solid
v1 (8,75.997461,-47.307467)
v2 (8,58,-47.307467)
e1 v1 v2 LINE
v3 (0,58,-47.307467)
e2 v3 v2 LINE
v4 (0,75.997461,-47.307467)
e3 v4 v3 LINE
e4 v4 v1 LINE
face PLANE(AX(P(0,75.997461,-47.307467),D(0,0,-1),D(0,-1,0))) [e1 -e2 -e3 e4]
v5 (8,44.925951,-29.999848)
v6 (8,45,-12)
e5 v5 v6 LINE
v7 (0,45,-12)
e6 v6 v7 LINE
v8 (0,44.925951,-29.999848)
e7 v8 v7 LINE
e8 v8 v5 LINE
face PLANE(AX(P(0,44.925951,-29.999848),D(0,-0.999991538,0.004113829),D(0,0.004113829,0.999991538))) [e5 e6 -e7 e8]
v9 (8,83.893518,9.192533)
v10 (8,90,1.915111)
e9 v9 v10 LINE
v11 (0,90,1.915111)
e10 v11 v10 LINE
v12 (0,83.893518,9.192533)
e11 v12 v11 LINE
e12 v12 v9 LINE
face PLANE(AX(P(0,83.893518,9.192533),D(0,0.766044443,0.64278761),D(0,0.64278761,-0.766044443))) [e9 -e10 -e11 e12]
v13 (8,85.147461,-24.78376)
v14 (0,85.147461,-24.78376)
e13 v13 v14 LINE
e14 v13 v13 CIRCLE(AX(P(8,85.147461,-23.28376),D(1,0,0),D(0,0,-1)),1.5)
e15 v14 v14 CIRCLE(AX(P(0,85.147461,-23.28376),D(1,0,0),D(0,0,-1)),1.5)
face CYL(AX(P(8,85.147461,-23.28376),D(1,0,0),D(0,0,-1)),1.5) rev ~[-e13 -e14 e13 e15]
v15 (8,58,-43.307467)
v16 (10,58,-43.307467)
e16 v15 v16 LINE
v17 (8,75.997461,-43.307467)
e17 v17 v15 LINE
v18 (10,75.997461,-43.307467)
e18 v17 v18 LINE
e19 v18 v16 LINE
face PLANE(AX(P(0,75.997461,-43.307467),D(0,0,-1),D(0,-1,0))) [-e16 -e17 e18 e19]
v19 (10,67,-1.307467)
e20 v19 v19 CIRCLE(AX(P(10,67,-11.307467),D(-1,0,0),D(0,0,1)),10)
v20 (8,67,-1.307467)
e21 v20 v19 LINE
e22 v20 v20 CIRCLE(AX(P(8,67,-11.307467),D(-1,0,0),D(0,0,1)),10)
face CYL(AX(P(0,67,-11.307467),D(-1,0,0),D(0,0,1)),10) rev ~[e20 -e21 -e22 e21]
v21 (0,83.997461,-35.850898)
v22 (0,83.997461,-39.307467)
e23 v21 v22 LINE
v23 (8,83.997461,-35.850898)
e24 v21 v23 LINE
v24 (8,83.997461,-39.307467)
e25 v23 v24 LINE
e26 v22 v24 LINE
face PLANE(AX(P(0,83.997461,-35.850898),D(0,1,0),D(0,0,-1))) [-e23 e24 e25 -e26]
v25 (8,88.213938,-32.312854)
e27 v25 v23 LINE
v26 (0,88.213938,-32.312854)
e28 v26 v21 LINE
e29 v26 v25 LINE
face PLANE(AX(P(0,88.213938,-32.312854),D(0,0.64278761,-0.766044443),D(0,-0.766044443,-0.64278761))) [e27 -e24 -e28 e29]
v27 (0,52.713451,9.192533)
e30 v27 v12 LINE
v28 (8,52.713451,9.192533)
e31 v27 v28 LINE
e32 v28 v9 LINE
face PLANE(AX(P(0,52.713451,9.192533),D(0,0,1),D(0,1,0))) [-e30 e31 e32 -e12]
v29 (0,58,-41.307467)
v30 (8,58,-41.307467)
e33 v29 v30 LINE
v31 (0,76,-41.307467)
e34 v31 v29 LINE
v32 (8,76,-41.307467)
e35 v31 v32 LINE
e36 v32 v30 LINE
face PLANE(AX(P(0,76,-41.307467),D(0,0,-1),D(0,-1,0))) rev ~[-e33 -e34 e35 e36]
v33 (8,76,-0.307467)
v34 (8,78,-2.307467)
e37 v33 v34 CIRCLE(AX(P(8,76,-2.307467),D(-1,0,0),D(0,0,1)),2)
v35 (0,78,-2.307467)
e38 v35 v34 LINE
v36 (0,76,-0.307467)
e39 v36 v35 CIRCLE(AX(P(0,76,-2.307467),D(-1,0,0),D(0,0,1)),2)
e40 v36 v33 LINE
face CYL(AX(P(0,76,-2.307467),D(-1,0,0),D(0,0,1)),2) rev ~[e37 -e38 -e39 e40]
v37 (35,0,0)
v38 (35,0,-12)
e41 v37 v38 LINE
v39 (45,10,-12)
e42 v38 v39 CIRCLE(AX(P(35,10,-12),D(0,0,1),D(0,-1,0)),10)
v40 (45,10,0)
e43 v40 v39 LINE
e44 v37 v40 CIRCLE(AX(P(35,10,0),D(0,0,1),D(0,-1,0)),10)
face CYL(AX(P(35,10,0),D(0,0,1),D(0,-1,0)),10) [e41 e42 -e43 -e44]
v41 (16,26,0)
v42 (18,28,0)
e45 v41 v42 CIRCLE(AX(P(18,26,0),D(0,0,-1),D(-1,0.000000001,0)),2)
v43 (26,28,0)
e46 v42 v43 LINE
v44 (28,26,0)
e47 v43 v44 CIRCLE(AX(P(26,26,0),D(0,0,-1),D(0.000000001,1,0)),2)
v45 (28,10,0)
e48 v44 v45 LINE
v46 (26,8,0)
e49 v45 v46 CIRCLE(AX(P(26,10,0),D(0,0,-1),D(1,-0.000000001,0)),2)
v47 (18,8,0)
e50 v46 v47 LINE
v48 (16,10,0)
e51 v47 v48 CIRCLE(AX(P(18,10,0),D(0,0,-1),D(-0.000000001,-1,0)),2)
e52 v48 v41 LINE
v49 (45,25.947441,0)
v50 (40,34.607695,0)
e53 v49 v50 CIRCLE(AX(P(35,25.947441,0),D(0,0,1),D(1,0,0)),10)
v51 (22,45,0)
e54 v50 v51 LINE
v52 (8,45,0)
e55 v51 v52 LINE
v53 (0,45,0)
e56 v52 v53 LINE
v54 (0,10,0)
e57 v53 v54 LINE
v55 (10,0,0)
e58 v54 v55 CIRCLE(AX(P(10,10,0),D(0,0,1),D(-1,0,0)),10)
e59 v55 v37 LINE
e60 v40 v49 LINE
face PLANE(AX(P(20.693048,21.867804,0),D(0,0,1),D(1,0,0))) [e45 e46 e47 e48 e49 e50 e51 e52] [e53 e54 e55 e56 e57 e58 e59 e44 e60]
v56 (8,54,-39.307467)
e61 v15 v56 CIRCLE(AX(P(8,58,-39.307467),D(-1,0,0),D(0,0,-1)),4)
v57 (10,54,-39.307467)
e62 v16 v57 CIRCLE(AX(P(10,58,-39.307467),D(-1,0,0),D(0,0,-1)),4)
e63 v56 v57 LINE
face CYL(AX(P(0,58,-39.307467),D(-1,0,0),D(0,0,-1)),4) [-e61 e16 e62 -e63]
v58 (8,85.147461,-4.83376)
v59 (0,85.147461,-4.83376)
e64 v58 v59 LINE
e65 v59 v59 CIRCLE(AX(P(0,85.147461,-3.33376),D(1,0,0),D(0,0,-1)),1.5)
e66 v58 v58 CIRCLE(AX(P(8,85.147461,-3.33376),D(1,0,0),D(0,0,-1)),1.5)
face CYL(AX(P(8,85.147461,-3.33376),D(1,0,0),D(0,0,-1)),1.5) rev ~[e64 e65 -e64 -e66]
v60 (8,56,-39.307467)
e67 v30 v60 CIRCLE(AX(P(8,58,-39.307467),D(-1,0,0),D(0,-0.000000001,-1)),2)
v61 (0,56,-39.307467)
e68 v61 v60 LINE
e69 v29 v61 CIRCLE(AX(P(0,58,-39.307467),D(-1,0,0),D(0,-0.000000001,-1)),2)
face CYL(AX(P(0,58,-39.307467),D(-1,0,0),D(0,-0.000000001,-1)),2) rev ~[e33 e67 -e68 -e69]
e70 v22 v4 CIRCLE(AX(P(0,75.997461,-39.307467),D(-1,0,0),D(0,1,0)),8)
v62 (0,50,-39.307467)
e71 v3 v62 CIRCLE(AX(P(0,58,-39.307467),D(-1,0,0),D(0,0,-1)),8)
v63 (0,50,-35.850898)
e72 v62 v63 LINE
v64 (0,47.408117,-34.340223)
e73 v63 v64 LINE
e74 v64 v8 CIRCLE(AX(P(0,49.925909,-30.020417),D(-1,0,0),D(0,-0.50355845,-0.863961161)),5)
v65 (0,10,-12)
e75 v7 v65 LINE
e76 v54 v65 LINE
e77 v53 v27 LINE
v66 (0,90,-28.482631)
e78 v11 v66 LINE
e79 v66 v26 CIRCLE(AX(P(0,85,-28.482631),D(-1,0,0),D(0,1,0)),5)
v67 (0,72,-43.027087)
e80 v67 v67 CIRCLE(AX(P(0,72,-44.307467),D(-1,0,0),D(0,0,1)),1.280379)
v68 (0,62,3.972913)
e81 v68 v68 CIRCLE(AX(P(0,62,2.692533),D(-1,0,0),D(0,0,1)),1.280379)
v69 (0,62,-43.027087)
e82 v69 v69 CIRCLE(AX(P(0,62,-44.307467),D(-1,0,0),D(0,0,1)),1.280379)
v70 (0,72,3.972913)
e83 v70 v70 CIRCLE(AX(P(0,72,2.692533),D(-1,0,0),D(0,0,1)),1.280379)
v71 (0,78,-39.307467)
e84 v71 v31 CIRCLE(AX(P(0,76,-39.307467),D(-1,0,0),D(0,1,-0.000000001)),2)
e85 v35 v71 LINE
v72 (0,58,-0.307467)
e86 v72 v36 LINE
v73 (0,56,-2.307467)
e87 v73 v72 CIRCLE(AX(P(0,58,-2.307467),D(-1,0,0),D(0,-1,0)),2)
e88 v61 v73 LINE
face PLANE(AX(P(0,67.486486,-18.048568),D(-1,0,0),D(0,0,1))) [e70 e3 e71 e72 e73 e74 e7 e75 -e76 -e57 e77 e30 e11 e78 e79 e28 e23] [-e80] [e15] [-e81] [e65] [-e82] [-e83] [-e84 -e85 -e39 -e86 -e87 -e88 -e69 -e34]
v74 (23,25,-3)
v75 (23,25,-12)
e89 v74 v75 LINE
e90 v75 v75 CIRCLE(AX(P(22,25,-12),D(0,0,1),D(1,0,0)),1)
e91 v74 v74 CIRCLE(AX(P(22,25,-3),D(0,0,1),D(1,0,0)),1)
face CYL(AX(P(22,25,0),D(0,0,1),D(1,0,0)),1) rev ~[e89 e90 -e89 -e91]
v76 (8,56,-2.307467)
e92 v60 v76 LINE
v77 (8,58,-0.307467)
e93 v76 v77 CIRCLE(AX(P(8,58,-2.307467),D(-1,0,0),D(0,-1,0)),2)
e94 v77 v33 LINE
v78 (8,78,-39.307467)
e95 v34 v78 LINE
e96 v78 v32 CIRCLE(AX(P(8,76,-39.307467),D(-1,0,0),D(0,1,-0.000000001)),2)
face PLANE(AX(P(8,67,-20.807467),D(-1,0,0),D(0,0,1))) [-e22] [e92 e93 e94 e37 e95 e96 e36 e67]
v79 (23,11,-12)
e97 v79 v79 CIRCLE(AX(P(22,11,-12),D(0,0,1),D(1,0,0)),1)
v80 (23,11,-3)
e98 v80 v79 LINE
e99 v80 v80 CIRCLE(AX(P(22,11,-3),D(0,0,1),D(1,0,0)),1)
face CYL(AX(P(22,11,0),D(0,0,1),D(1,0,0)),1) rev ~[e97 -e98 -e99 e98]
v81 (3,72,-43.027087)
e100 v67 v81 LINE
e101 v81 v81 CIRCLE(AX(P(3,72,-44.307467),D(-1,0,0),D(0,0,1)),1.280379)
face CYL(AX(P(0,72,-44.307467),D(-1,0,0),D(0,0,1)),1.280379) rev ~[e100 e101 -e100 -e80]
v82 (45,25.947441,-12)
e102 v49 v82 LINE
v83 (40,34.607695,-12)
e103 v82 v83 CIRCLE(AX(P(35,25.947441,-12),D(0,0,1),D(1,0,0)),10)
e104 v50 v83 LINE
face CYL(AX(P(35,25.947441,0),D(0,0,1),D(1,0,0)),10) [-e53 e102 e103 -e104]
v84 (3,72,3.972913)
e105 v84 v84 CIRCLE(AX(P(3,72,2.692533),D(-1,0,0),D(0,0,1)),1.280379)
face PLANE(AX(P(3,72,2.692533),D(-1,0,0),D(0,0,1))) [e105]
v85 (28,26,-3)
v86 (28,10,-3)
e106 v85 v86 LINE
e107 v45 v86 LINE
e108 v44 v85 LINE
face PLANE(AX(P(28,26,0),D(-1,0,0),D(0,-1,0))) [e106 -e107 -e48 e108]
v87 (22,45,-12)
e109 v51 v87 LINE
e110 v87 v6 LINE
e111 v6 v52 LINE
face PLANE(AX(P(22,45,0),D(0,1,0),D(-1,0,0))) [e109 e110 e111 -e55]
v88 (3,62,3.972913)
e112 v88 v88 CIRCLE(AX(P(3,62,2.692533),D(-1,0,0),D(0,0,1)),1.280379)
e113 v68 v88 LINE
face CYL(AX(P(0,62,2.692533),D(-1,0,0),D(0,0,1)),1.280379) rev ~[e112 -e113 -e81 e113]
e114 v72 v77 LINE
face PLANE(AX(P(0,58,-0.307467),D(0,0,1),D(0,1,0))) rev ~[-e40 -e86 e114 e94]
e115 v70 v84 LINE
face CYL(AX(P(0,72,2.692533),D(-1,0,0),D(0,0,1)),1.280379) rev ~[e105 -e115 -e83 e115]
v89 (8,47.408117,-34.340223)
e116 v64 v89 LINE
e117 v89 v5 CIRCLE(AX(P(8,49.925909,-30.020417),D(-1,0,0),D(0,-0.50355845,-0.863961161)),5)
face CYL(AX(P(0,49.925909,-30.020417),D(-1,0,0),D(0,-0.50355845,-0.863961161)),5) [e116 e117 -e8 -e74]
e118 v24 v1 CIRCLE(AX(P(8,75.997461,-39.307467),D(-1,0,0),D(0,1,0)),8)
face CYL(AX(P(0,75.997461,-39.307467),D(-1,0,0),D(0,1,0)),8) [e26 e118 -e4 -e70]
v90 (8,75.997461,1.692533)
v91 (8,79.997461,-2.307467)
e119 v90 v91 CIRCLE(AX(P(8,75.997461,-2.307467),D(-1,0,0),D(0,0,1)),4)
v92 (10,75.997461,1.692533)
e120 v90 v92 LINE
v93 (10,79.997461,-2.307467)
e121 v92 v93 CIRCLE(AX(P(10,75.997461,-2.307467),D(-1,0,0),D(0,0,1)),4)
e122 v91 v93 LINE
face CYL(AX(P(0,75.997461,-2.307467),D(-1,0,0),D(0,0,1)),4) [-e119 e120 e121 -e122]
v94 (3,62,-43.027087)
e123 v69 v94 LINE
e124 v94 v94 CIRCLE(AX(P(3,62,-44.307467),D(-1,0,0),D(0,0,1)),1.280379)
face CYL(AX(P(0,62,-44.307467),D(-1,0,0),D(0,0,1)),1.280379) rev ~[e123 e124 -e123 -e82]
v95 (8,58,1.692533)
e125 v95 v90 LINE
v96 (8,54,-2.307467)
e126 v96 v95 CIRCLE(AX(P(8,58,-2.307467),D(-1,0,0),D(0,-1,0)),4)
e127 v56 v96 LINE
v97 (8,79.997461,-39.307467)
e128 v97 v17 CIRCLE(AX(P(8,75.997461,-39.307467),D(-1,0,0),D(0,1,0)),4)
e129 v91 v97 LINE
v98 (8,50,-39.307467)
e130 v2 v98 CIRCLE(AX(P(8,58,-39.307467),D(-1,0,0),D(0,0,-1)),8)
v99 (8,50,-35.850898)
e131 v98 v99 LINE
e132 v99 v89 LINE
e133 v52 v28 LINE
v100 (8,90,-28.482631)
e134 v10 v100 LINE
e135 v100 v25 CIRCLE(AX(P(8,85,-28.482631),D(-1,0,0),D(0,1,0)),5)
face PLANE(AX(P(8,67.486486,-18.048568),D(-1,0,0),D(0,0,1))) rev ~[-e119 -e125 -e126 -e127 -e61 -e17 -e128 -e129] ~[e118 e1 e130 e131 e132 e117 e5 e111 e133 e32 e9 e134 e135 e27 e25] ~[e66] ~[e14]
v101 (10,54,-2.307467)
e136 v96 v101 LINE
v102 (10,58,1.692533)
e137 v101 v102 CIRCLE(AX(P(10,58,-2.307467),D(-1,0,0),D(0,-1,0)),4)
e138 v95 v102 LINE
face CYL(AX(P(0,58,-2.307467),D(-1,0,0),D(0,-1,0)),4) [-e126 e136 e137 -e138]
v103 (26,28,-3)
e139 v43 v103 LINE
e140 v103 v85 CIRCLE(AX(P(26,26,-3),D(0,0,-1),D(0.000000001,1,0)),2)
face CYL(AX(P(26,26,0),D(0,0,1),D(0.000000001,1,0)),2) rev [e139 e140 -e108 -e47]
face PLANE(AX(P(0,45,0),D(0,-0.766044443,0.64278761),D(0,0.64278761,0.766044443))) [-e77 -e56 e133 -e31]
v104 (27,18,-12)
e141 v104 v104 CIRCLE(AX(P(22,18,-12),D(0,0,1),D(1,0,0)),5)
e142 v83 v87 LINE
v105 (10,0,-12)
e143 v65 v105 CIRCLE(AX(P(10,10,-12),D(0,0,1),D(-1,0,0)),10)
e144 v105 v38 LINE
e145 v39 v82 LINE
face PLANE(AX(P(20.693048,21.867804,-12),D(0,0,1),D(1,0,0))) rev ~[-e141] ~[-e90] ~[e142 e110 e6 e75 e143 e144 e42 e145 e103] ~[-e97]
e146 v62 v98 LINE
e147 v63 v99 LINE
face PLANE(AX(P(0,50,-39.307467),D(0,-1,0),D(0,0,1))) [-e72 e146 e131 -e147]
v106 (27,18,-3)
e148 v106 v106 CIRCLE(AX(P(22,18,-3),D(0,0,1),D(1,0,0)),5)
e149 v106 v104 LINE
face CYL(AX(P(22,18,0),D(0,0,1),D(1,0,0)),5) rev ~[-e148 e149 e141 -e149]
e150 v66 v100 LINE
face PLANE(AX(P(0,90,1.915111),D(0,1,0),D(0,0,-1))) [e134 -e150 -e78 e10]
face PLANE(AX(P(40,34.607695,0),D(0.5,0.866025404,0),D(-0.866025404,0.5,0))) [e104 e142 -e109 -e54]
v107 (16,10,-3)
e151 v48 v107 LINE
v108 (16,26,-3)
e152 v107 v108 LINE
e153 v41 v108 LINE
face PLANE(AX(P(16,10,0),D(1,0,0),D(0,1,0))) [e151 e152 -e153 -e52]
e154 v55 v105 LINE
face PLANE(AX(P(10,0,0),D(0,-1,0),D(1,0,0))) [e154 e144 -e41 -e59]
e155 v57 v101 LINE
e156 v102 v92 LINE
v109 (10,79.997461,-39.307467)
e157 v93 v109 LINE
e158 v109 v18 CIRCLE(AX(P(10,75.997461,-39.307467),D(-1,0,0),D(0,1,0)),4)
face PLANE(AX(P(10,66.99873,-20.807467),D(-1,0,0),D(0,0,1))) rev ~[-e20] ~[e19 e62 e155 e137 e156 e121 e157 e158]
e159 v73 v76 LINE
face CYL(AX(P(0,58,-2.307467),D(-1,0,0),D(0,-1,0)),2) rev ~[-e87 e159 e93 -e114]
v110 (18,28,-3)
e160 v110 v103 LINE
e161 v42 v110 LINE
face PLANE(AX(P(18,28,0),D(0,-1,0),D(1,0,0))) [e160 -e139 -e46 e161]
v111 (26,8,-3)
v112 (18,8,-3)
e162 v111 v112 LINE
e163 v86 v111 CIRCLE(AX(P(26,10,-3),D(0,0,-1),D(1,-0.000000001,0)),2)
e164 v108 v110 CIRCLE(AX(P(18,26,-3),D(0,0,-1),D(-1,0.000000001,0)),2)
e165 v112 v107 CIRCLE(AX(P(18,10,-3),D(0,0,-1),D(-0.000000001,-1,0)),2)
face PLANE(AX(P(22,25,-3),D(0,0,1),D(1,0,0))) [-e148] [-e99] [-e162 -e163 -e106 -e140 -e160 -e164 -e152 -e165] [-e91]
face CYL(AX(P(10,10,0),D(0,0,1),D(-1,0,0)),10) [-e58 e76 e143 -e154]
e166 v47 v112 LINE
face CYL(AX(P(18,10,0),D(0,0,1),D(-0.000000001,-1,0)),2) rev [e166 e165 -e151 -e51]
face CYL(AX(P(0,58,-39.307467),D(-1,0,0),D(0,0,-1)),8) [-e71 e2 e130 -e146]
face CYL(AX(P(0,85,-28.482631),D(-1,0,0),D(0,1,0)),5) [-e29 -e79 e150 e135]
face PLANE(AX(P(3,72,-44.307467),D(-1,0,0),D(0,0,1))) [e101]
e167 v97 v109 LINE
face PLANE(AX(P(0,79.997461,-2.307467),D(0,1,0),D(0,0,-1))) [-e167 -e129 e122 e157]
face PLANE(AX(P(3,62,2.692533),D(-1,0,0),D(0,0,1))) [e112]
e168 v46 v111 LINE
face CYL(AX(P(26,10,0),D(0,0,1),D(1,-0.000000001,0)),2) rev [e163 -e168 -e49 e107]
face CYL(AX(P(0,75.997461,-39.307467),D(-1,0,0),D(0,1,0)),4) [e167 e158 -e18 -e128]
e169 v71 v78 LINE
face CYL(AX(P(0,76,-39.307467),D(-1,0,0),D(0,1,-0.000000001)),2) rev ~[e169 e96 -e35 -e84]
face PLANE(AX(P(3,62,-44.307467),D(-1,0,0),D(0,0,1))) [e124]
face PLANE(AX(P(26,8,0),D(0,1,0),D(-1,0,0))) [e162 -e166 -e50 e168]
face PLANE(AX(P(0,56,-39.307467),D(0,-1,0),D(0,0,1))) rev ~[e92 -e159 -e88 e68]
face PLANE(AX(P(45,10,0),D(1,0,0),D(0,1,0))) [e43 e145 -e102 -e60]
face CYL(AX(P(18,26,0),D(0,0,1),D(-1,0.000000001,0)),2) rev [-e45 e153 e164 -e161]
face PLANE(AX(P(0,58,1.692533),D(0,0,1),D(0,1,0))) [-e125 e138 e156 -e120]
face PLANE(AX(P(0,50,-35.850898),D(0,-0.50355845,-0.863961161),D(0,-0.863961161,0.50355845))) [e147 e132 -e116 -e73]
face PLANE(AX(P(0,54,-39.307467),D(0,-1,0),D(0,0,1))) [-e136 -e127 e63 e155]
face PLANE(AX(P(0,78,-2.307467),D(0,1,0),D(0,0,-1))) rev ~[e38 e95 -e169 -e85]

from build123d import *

# Parameters (mm, degrees)
BOSS_EXTRUDE1_DEPTH     = 12
SKETCH1_3_R             = 1
SKETCH1_3_R_2           = 5
CUT_EXTRUDE1_DEPTH      = 3
SKETCH1_4_R             = 1
SKETCH1_4_R_2           = 5
CUT_EXTRUDE2_DEPTH      = 13
BOSS_EXTRUDE2_DEPTH     = 8
BOSS_EXTRUDE3_DEPTH     = 10
CUT_EXTRUDE5_DEPTH      = 8
SKETCH3_7_R             = 10
CUT_EXTRUDE6_DEPTH      = 46
SKETCH7_R               = 1.280379455
CUT_EXTRUDE7_DEPTH      = 3
SKETCH9_R               = 1.5
CUT_EXTRUDE8_DEPTH      = 38
CUT_EXTRUDE8_DEPTH_BACK = 9


with BuildPart() as part:
    # Sketch1 → Boss-Extrude1 (new body)
    with BuildSketch(Plane.XY):
        with BuildLine():
            Line((0, 45), (0, 10))
            ThreePointArc((0, 10), (2.928932188, 2.928932188), (10, 0))
            Line((10, 0), (35, 0))
            ThreePointArc((35, 0), (42.071067812, 2.928932188), (45, 10))
            Line((45, 10), (45, 25.947441117))
            ThreePointArc((45, 25.947441117), (43.660254038, 30.947441117), (40, 34.607695155))
            Line((40, 34.607695155), (22, 45))
            Line((22, 45), (0, 45))
        make_face()
    extrude(amount=-BOSS_EXTRUDE1_DEPTH)

    # Sketch1<3> → Cut-Extrude1 (cut)
    with BuildSketch(Plane.XY):
        with Locations((22, 25)):
            Circle(SKETCH1_3_R)
        with BuildLine():
            ThreePointArc((16, 26), (16.585786438, 27.414213562), (18, 28))
            Line((18, 28), (26, 28))
            ThreePointArc((26, 28), (27.414213562, 27.414213562), (28, 26))
            Line((28, 26), (28, 10))
            ThreePointArc((28, 10), (27.414213562, 8.585786438), (26, 8))
            Line((26, 8), (18, 8))
            ThreePointArc((18, 8), (16.585786438, 8.585786438), (16, 10))
            Line((16, 10), (16, 26))
        make_face()
        with Locations((22, 25)):
            Circle(SKETCH1_3_R, mode=Mode.SUBTRACT)
        with Locations((22, 11)):
            Circle(SKETCH1_3_R, mode=Mode.SUBTRACT)
        with Locations((22, 11)):
            Circle(SKETCH1_3_R)
        with Locations((22, 18)):
            Circle(SKETCH1_3_R_2)
    extrude(amount=-CUT_EXTRUDE1_DEPTH, mode=Mode.SUBTRACT)

    # Sketch1<4> → Cut-Extrude2 (cut, through all)
    with BuildSketch(Plane.XY):
        with Locations((22, 25)):
            Circle(SKETCH1_4_R)
        with Locations((22, 11)):
            Circle(SKETCH1_4_R)
        with Locations((22, 18)):
            Circle(SKETCH1_4_R_2)
    extrude(amount=-CUT_EXTRUDE2_DEPTH, mode=Mode.SUBTRACT)

    # Sketch3 → Boss-Extrude2 (add)
    with BuildSketch(Plane.ZY):
        with BuildLine():
            Line((0, 45), (9.192533317, 52.713451316))
            Line((9.192533317, 52.713451316), (9.192533317, 83.893517708))
            Line((9.192533317, 83.893517708), (1.915111108, 90))
            Line((1.915111108, 90), (-28.48263132, 90))
            ThreePointArc((-28.48263132, 90), (-30.595722628, 89.531538935), (-32.312853535, 88.213938048))
            Line((-32.312853535, 88.213938048), (-35.850897987, 83.997460862))
            Line((-35.850897987, 83.997460862), (-39.307466683, 83.997460862))
            ThreePointArc((-39.307466683, 83.997460862), (-44.964320932, 81.654315111), (-47.307466683, 75.997460862))
            Line((-47.307466683, 75.997460862), (-47.307466683, 58))
            ThreePointArc((-47.307466683, 58), (-44.964320932, 52.343145751), (-39.307466683, 50))
            Line((-39.307466683, 50), (-35.850897987, 50))
            Line((-35.850897987, 50), (-34.340222638, 47.408116517))
            ThreePointArc((-34.340222638, 47.408116517), (-32.502582275, 45.585533814), (-29.999847687, 44.925951074))
            Line((-29.999847687, 44.925951074), (-12, 45))
            Line((-12, 45), (0, 45))
        make_face()
        with BuildLine():
            ThreePointArc((-0.307466683, 58), (-0.89325312, 56.585786438), (-2.307466683, 56))
            Line((-2.307466683, 56), (-39.307466683, 56))
            ThreePointArc((-39.307466683, 56), (-40.721680245, 56.585786438), (-41.307466683, 58))
            Line((-41.307466683, 58), (-41.307466683, 76))
            ThreePointArc((-41.307466683, 76), (-40.721680245, 77.414213562), (-39.307466683, 78))
            Line((-39.307466683, 78), (-2.307466683, 78))
            ThreePointArc((-2.307466683, 78), (-0.89325312, 77.414213562), (-0.307466683, 76))
            Line((-0.307466683, 76), (-0.307466683, 58))
        make_face(mode=Mode.SUBTRACT)
    extrude(amount=-BOSS_EXTRUDE2_DEPTH)

    # Sketch3<4> → Boss-Extrude3 (add)
    with BuildSketch(Plane.ZY):
        with BuildLine():
            Line((-43.307466683, 75.997460862), (-43.307466683, 58))
            ThreePointArc((-43.307466683, 58), (-42.135893807, 55.171572875), (-39.307466683, 54))
            Line((-39.307466683, 54), (-2.307466683, 54))
            ThreePointArc((-2.307466683, 54), (0.520960442, 55.171572875), (1.692533317, 58))
            Line((1.692533317, 58), (1.692533317, 75.997460862))
            ThreePointArc((1.692533317, 75.997460862), (0.520960442, 78.825887987), (-2.307466683, 79.997460862))
            Line((-2.307466683, 79.997460862), (-39.307466683, 79.997460862))
            ThreePointArc((-39.307466683, 79.997460862), (-42.135893807, 78.825887987), (-43.307466683, 75.997460862))
        make_face()
    extrude(amount=-BOSS_EXTRUDE3_DEPTH)

    # Sketch3<6> → Cut-Extrude5 (cut)
    with BuildSketch(Plane.ZY):
        with BuildLine():
            Line((-41.307466683, 76), (-41.307466683, 58))
            ThreePointArc((-41.307466683, 58), (-40.721680245, 56.585786438), (-39.307466683, 56))
            Line((-39.307466683, 56), (-2.307466683, 56))
            ThreePointArc((-2.307466683, 56), (-0.89325312, 56.585786438), (-0.307466683, 58))
            Line((-0.307466683, 58), (-0.307466683, 76))
            ThreePointArc((-0.307466683, 76), (-0.89325312, 77.414213562), (-2.307466683, 78))
            Line((-2.307466683, 78), (-39.307466683, 78))
            ThreePointArc((-39.307466683, 78), (-40.721680245, 77.414213562), (-41.307466683, 76))
        make_face()
    extrude(amount=-CUT_EXTRUDE5_DEPTH, mode=Mode.SUBTRACT)

    # Sketch3<7> → Cut-Extrude6 (cut, through all)
    with BuildSketch(Plane.ZY):
        with Locations((-11.307466683, 67)):
            Circle(SKETCH3_7_R)
    extrude(amount=-CUT_EXTRUDE6_DEPTH, mode=Mode.SUBTRACT)

    # Sketch7 → Cut-Extrude7 (cut)
    with BuildSketch(Plane.ZY):
        with Locations((-44.307466683, 72)):
            Circle(SKETCH7_R)
        with Locations((-44.307466683, 62)):
            Circle(SKETCH7_R)
        with Locations((2.692533317, 62)):
            Circle(SKETCH7_R)
        with Locations((2.692533317, 72)):
            Circle(SKETCH7_R)
    extrude(amount=-CUT_EXTRUDE7_DEPTH, mode=Mode.SUBTRACT)

    # Sketch9 → Cut-Extrude8 (cut, two sides)
    with BuildSketch(Plane(origin=(8, 0, 0), x_dir=(0, 0, -1), z_dir=(1, 0, 0))) as cut_extrude8_sk:
        with Locations((3.333760106, 85.147460862)):
            Circle(SKETCH9_R)
        with Locations((23.283760106, 85.147460862)):
            Circle(SKETCH9_R)
    extrude(amount=CUT_EXTRUDE8_DEPTH, mode=Mode.SUBTRACT)
    extrude(cut_extrude8_sk.sketch, amount=-CUT_EXTRUDE8_DEPTH_BACK, mode=Mode.SUBTRACT)


solid = part.part
